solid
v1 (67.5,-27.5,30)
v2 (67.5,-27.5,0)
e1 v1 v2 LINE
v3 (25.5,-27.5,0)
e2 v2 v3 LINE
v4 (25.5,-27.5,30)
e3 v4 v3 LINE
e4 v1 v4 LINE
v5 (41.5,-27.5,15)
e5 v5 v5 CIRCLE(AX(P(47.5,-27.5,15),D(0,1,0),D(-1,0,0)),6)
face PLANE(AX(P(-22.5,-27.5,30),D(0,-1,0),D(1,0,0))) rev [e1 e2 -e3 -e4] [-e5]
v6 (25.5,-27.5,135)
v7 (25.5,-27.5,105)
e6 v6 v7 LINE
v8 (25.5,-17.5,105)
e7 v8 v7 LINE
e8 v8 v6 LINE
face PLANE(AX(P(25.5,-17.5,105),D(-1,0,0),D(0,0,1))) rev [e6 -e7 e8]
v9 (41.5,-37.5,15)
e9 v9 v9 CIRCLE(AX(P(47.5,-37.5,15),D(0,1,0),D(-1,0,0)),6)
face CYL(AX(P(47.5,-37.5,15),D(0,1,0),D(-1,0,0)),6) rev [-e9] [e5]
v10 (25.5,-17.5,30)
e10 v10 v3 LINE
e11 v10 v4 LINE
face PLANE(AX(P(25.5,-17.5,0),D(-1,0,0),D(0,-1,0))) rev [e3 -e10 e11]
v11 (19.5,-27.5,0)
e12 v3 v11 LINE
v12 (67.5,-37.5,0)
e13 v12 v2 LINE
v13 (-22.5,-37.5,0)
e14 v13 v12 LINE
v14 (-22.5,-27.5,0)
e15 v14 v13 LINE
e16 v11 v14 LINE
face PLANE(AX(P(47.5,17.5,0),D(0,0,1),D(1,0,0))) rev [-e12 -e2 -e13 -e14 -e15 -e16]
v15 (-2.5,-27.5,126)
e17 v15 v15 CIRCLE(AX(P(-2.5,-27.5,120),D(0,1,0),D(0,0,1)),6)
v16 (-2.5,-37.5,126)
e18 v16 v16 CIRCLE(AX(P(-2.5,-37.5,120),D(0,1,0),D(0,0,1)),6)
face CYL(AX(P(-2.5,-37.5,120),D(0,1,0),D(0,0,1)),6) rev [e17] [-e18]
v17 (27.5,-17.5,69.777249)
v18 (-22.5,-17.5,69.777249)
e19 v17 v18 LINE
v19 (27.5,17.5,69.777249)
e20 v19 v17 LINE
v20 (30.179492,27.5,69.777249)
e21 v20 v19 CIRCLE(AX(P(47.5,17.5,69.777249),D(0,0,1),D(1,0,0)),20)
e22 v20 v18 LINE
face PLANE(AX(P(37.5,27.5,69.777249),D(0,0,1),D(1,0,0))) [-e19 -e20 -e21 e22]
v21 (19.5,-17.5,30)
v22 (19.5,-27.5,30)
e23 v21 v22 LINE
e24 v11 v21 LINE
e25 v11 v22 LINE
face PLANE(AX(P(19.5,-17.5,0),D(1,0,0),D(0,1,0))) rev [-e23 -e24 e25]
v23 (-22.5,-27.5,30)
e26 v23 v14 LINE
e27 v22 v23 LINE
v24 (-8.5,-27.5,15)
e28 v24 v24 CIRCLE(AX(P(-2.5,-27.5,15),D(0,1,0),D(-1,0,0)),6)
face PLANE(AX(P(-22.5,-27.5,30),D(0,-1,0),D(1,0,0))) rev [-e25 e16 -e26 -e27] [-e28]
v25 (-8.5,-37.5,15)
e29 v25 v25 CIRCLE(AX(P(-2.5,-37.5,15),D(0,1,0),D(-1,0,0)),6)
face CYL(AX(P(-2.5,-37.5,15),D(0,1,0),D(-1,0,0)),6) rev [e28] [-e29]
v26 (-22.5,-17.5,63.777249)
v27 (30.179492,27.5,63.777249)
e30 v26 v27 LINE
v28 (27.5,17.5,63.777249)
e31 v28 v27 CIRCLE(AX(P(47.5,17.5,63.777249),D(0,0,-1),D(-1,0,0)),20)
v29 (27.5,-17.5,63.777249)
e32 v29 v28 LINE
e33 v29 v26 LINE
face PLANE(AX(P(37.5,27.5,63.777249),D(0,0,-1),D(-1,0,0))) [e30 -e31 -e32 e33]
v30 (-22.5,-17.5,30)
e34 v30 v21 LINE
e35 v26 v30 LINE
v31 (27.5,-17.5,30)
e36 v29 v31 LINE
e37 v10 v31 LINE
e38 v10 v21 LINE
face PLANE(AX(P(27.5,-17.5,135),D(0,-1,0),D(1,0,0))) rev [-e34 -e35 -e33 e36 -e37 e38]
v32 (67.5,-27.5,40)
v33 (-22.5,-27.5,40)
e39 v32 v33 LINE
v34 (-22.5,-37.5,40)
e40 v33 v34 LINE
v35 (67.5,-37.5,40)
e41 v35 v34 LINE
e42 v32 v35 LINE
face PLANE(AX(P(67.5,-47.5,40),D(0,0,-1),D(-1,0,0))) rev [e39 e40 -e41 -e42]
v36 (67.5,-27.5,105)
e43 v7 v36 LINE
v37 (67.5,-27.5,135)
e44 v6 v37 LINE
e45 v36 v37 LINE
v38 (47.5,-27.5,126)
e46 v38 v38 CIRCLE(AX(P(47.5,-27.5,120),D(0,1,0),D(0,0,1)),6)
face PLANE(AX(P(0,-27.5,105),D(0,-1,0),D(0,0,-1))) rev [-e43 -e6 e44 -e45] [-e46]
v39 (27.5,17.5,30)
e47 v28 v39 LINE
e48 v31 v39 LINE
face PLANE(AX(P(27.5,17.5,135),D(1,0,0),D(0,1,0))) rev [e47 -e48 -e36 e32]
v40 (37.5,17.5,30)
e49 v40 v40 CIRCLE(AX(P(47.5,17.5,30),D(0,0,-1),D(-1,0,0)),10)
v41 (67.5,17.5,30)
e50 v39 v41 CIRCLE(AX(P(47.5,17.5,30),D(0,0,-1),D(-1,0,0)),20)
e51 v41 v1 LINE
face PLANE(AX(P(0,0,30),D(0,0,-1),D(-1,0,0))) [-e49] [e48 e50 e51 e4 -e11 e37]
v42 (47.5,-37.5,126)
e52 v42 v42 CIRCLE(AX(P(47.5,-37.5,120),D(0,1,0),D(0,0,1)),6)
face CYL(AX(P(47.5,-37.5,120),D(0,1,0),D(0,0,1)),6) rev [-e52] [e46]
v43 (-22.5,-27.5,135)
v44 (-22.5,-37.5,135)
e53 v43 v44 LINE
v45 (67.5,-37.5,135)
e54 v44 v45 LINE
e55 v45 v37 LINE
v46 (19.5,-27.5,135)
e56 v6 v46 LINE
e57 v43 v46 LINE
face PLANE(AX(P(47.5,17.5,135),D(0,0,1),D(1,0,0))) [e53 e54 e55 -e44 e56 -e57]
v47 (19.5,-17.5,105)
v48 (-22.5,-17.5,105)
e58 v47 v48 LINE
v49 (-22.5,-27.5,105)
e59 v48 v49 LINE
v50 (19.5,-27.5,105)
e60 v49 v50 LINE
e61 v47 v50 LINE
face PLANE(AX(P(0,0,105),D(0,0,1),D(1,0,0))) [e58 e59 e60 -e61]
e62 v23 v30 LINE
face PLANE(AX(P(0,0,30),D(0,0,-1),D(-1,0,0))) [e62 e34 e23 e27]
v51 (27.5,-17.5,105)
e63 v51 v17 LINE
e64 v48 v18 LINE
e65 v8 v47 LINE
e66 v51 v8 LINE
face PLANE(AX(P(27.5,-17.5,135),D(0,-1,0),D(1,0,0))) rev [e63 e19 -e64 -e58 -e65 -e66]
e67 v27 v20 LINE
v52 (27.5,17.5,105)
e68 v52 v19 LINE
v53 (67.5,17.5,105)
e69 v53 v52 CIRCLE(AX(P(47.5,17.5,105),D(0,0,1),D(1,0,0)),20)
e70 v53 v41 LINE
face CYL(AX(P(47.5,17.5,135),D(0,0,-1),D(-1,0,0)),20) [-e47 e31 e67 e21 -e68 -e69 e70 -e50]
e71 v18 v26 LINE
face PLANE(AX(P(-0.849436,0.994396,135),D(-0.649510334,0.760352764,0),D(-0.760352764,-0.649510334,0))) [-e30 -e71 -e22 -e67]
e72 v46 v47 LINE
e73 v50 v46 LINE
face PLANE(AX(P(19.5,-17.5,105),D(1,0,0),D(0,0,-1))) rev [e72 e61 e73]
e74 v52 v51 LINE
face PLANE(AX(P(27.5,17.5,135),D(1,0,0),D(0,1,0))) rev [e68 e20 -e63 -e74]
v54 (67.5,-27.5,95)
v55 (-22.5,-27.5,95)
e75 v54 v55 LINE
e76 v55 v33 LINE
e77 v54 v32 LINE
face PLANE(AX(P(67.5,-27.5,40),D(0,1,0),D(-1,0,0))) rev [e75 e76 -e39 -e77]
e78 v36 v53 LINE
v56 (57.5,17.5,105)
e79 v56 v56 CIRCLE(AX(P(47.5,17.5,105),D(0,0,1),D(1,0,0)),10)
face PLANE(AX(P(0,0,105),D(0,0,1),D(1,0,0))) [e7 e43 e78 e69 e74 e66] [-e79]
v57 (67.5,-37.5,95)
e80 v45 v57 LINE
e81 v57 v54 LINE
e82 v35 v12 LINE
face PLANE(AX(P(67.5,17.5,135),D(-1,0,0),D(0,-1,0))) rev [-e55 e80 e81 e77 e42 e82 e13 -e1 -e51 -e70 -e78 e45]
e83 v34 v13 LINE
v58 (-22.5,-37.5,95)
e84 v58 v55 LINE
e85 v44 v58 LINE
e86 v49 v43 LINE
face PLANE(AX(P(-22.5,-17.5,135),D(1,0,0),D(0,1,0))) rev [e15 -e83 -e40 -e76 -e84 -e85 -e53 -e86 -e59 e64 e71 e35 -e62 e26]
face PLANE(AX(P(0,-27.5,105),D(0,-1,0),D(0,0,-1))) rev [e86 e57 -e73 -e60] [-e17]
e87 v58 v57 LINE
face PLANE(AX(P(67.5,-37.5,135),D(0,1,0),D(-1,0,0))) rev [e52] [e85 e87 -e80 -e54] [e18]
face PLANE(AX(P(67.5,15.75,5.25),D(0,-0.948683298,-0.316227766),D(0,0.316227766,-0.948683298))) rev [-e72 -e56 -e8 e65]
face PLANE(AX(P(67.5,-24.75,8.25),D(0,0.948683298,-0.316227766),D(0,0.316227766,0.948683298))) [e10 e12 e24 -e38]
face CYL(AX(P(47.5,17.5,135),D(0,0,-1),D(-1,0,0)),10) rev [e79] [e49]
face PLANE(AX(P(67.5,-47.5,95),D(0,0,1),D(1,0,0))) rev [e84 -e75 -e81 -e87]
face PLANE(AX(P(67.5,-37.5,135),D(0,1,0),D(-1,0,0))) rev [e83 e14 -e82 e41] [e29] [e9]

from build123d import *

# Parameters (mm, degrees)
SKETCH2_R                = 10
BOSS_EXTRUDE1_DEPTH      = 135
SKETCH4_W                = 90
SKETCH4_H                = 10
CUT_EXTRUDE1_DEPTH       = 30
SKETCH6_W                = 90
SKETCH6_H                = 10
CUT_EXTRUDE2_DEPTH       = 30
CUT_EXTRUDE3_DEPTH       = 30
CUT_EXTRUDE4_START       = -30
CUT_EXTRUDE4_DEPTH       = 30
SKETCH11_W               = 55
SKETCH11_H               = 20
CUT_EXTRUDE5_DEPTH       = 167.527024834
SKETCH12_R               = 6
CUT_EXTRUDE6_DEPTH       = 165.335784295
SKETCH13_R               = 6
CUT_EXTRUDE7_DEPTH       = 165.335784295
SKETCH14_W               = 6
SKETCH14_H               = 30
BOSS_EXTRUDE3_DEPTH      = 10
SKETCH15_W               = 6
SKETCH15_H               = 30
BOSS_EXTRUDE4_DEPTH      = 10
CUT_EXTRUDE8_DEPTH       = 149.105536696
CUT_EXTRUDE8_DEPTH_BACK  = 149.105536696
CUT_EXTRUDE9_DEPTH       = 149.105536696
CUT_EXTRUDE9_DEPTH_BACK  = 149.105536696
BOSS_EXTRUDE5_DEPTH      = 50
BOSS_EXTRUDE5_DEPTH_BACK = 10
SKETCH18_W               = 6
SKETCH18_H               = 45
CUT_EXTRUDE10_DEPTH      = 106.048466338
CUT_EXTRUDE10_DEPTH_BACK = 106.048466338


with BuildPart() as part:
    # Sketch2 → Boss-Extrude1 (new body)
    with BuildSketch(Plane.XY):
        with BuildLine():
            Line((67.5, 17.5), (67.5, -37.5))
            Line((67.5, -37.5), (-22.5, -37.5))
            Line((-22.5, -37.5), (-22.5, -17.5))
            Line((-22.5, -17.5), (27.5, -17.5))
            Line((27.5, -17.5), (27.5, 17.5))
            ThreePointArc((27.5, 17.5), (47.5, 37.5), (67.5, 17.5))
        make_face()
        with Locations((47.5, 17.5)):
            Circle(SKETCH2_R, mode=Mode.SUBTRACT)
    extrude(amount=BOSS_EXTRUDE1_DEPTH)

    # Sketch4 → Cut-Extrude1 (cut)
    with BuildSketch(Plane.XY.offset(135)):
        with Locations((22.5, -22.5)):
            Rectangle(SKETCH4_W, SKETCH4_H)
    extrude(amount=-CUT_EXTRUDE1_DEPTH, mode=Mode.SUBTRACT)

    # Sketch6 → Cut-Extrude2 (cut)
    with BuildSketch(Plane(origin=(0, 0, 0), x_dir=(-1, 0, 0), z_dir=(0, 0, -1))):
        with Locations((-22.5, -22.5)):
            Rectangle(SKETCH6_W, SKETCH6_H)
    extrude(amount=-CUT_EXTRUDE2_DEPTH, mode=Mode.SUBTRACT)

    # Sketch9 → Cut-Extrude3 (cut)
    with BuildSketch(Plane(origin=(0, 0, 0), x_dir=(-1, 0, 0), z_dir=(0, 0, -1))):
        with BuildLine():
            Line((-67.5, -17.5), (-67.5, 17.5))
            ThreePointArc((-67.5, 17.5), (-47.5, 37.5), (-27.5, 17.5))
            Line((-27.5, 17.5), (-27.5, -17.5))
            Line((-27.5, -17.5), (-67.5, -17.5))
        make_face()
    extrude(amount=-CUT_EXTRUDE3_DEPTH, mode=Mode.SUBTRACT)

    # Sketch10 → Cut-Extrude4 (cut)
    with BuildSketch(Plane.XY.offset(135).offset(CUT_EXTRUDE4_START)):
        with BuildLine():
            Line((27.5, -17.5), (67.5, -17.5))
            Line((67.5, -17.5), (67.5, 17.5))
            ThreePointArc((67.5, 17.5), (47.5, 37.5), (27.5, 17.5))
            Line((27.5, 17.5), (27.5, -17.5))
        make_face()
    extrude(amount=CUT_EXTRUDE4_DEPTH, mode=Mode.SUBTRACT)

    # Sketch11 → Cut-Extrude5 (cut, through all)
    with BuildSketch(Plane.ZY.offset(22.5)):
        with Locations((67.5, -37.5)):
            Rectangle(SKETCH11_W, SKETCH11_H)
    extrude(amount=-CUT_EXTRUDE5_DEPTH, mode=Mode.SUBTRACT)

    # Sketch12 → Cut-Extrude6 (cut, through all)
    with BuildSketch(Plane(origin=(0, -27.5, 0), x_dir=(1, 0, 0), z_dir=(0, 1, 0))):
        with Locations(Location((-2.5, -120, 0), (0, 0, 270))):
            Circle(SKETCH12_R)
        with Locations(Location((47.5, -120, 0), (0, 0, 270))):
            Circle(SKETCH12_R)
    extrude(amount=-CUT_EXTRUDE6_DEPTH, mode=Mode.SUBTRACT)

    # Sketch13 → Cut-Extrude7 (cut, through all)
    with BuildSketch(Plane(origin=(0, -27.5, 0), x_dir=(1, 0, 0), z_dir=(0, 1, 0))):
        with Locations(Location((47.5, -15, 0), (0, 0, 180))):
            Circle(SKETCH13_R)
        with Locations(Location((-2.5, -15, 0), (0, 0, 180))):
            Circle(SKETCH13_R)
    extrude(amount=-CUT_EXTRUDE7_DEPTH, mode=Mode.SUBTRACT)

    # Sketch14 → Boss-Extrude3 (add)
    with BuildSketch(Plane(origin=(0, -27.5, 0), x_dir=(1, 0, 0), z_dir=(0, 1, 0))):
        with Locations((22.5, -120)):
            Rectangle(SKETCH14_W, SKETCH14_H)
    extrude(amount=BOSS_EXTRUDE3_DEPTH)

    # Sketch15 → Boss-Extrude4 (add)
    with BuildSketch(Plane(origin=(0, -27.5, 0), x_dir=(1, 0, 0), z_dir=(0, 1, 0))):
        with Locations((22.5, -15)):
            Rectangle(SKETCH15_W, SKETCH15_H)
    extrude(amount=BOSS_EXTRUDE4_DEPTH)

    # Sketch16 → Cut-Extrude8 (cut, two sides: drawn at the far end of the back side and taken through both)
    with BuildSketch(Plane.ZY.offset(-19.5).offset(-CUT_EXTRUDE8_DEPTH_BACK)):
        Polygon((105, -17.5), (135, -27.5), (135, -17.5), align=None)
    extrude(amount=CUT_EXTRUDE8_DEPTH + CUT_EXTRUDE8_DEPTH_BACK, mode=Mode.SUBTRACT)

    # Sketch17 → Cut-Extrude9 (cut, two sides: drawn at the far end of the back side and taken through both)
    with BuildSketch(Plane.ZY.offset(-19.5).offset(-CUT_EXTRUDE9_DEPTH_BACK)):
        Polygon((30, -17.5), (0, -27.5), (0, -17.5), align=None)
    extrude(amount=CUT_EXTRUDE9_DEPTH + CUT_EXTRUDE9_DEPTH_BACK, mode=Mode.SUBTRACT)

    # Sketch18 → Boss-Extrude5 (add, two sides: drawn at the far end of the back side and taken through both)
    with BuildSketch(Plane.ZY.offset(-27.5).offset(-BOSS_EXTRUDE5_DEPTH_BACK)):
        with Locations((66.77724886, 5)):
            Rectangle(SKETCH18_W, SKETCH18_H)
    extrude(amount=BOSS_EXTRUDE5_DEPTH + BOSS_EXTRUDE5_DEPTH_BACK)

    # Sketch19 → Cut-Extrude10 (cut, two sides: drawn at the far end of the back side and taken through both)
    with BuildSketch(Plane(origin=(0, 0, 63.77724886), x_dir=(-1, 0, 0), z_dir=(0, 0, -1)).offset(-CUT_EXTRUDE10_DEPTH_BACK)):
        Polygon((22.5, -17.5), (-30.179491924, 27.5), (22.5, 27.5), align=None)
    extrude(amount=CUT_EXTRUDE10_DEPTH + CUT_EXTRUDE10_DEPTH_BACK, mode=Mode.SUBTRACT)


solid = part.part
